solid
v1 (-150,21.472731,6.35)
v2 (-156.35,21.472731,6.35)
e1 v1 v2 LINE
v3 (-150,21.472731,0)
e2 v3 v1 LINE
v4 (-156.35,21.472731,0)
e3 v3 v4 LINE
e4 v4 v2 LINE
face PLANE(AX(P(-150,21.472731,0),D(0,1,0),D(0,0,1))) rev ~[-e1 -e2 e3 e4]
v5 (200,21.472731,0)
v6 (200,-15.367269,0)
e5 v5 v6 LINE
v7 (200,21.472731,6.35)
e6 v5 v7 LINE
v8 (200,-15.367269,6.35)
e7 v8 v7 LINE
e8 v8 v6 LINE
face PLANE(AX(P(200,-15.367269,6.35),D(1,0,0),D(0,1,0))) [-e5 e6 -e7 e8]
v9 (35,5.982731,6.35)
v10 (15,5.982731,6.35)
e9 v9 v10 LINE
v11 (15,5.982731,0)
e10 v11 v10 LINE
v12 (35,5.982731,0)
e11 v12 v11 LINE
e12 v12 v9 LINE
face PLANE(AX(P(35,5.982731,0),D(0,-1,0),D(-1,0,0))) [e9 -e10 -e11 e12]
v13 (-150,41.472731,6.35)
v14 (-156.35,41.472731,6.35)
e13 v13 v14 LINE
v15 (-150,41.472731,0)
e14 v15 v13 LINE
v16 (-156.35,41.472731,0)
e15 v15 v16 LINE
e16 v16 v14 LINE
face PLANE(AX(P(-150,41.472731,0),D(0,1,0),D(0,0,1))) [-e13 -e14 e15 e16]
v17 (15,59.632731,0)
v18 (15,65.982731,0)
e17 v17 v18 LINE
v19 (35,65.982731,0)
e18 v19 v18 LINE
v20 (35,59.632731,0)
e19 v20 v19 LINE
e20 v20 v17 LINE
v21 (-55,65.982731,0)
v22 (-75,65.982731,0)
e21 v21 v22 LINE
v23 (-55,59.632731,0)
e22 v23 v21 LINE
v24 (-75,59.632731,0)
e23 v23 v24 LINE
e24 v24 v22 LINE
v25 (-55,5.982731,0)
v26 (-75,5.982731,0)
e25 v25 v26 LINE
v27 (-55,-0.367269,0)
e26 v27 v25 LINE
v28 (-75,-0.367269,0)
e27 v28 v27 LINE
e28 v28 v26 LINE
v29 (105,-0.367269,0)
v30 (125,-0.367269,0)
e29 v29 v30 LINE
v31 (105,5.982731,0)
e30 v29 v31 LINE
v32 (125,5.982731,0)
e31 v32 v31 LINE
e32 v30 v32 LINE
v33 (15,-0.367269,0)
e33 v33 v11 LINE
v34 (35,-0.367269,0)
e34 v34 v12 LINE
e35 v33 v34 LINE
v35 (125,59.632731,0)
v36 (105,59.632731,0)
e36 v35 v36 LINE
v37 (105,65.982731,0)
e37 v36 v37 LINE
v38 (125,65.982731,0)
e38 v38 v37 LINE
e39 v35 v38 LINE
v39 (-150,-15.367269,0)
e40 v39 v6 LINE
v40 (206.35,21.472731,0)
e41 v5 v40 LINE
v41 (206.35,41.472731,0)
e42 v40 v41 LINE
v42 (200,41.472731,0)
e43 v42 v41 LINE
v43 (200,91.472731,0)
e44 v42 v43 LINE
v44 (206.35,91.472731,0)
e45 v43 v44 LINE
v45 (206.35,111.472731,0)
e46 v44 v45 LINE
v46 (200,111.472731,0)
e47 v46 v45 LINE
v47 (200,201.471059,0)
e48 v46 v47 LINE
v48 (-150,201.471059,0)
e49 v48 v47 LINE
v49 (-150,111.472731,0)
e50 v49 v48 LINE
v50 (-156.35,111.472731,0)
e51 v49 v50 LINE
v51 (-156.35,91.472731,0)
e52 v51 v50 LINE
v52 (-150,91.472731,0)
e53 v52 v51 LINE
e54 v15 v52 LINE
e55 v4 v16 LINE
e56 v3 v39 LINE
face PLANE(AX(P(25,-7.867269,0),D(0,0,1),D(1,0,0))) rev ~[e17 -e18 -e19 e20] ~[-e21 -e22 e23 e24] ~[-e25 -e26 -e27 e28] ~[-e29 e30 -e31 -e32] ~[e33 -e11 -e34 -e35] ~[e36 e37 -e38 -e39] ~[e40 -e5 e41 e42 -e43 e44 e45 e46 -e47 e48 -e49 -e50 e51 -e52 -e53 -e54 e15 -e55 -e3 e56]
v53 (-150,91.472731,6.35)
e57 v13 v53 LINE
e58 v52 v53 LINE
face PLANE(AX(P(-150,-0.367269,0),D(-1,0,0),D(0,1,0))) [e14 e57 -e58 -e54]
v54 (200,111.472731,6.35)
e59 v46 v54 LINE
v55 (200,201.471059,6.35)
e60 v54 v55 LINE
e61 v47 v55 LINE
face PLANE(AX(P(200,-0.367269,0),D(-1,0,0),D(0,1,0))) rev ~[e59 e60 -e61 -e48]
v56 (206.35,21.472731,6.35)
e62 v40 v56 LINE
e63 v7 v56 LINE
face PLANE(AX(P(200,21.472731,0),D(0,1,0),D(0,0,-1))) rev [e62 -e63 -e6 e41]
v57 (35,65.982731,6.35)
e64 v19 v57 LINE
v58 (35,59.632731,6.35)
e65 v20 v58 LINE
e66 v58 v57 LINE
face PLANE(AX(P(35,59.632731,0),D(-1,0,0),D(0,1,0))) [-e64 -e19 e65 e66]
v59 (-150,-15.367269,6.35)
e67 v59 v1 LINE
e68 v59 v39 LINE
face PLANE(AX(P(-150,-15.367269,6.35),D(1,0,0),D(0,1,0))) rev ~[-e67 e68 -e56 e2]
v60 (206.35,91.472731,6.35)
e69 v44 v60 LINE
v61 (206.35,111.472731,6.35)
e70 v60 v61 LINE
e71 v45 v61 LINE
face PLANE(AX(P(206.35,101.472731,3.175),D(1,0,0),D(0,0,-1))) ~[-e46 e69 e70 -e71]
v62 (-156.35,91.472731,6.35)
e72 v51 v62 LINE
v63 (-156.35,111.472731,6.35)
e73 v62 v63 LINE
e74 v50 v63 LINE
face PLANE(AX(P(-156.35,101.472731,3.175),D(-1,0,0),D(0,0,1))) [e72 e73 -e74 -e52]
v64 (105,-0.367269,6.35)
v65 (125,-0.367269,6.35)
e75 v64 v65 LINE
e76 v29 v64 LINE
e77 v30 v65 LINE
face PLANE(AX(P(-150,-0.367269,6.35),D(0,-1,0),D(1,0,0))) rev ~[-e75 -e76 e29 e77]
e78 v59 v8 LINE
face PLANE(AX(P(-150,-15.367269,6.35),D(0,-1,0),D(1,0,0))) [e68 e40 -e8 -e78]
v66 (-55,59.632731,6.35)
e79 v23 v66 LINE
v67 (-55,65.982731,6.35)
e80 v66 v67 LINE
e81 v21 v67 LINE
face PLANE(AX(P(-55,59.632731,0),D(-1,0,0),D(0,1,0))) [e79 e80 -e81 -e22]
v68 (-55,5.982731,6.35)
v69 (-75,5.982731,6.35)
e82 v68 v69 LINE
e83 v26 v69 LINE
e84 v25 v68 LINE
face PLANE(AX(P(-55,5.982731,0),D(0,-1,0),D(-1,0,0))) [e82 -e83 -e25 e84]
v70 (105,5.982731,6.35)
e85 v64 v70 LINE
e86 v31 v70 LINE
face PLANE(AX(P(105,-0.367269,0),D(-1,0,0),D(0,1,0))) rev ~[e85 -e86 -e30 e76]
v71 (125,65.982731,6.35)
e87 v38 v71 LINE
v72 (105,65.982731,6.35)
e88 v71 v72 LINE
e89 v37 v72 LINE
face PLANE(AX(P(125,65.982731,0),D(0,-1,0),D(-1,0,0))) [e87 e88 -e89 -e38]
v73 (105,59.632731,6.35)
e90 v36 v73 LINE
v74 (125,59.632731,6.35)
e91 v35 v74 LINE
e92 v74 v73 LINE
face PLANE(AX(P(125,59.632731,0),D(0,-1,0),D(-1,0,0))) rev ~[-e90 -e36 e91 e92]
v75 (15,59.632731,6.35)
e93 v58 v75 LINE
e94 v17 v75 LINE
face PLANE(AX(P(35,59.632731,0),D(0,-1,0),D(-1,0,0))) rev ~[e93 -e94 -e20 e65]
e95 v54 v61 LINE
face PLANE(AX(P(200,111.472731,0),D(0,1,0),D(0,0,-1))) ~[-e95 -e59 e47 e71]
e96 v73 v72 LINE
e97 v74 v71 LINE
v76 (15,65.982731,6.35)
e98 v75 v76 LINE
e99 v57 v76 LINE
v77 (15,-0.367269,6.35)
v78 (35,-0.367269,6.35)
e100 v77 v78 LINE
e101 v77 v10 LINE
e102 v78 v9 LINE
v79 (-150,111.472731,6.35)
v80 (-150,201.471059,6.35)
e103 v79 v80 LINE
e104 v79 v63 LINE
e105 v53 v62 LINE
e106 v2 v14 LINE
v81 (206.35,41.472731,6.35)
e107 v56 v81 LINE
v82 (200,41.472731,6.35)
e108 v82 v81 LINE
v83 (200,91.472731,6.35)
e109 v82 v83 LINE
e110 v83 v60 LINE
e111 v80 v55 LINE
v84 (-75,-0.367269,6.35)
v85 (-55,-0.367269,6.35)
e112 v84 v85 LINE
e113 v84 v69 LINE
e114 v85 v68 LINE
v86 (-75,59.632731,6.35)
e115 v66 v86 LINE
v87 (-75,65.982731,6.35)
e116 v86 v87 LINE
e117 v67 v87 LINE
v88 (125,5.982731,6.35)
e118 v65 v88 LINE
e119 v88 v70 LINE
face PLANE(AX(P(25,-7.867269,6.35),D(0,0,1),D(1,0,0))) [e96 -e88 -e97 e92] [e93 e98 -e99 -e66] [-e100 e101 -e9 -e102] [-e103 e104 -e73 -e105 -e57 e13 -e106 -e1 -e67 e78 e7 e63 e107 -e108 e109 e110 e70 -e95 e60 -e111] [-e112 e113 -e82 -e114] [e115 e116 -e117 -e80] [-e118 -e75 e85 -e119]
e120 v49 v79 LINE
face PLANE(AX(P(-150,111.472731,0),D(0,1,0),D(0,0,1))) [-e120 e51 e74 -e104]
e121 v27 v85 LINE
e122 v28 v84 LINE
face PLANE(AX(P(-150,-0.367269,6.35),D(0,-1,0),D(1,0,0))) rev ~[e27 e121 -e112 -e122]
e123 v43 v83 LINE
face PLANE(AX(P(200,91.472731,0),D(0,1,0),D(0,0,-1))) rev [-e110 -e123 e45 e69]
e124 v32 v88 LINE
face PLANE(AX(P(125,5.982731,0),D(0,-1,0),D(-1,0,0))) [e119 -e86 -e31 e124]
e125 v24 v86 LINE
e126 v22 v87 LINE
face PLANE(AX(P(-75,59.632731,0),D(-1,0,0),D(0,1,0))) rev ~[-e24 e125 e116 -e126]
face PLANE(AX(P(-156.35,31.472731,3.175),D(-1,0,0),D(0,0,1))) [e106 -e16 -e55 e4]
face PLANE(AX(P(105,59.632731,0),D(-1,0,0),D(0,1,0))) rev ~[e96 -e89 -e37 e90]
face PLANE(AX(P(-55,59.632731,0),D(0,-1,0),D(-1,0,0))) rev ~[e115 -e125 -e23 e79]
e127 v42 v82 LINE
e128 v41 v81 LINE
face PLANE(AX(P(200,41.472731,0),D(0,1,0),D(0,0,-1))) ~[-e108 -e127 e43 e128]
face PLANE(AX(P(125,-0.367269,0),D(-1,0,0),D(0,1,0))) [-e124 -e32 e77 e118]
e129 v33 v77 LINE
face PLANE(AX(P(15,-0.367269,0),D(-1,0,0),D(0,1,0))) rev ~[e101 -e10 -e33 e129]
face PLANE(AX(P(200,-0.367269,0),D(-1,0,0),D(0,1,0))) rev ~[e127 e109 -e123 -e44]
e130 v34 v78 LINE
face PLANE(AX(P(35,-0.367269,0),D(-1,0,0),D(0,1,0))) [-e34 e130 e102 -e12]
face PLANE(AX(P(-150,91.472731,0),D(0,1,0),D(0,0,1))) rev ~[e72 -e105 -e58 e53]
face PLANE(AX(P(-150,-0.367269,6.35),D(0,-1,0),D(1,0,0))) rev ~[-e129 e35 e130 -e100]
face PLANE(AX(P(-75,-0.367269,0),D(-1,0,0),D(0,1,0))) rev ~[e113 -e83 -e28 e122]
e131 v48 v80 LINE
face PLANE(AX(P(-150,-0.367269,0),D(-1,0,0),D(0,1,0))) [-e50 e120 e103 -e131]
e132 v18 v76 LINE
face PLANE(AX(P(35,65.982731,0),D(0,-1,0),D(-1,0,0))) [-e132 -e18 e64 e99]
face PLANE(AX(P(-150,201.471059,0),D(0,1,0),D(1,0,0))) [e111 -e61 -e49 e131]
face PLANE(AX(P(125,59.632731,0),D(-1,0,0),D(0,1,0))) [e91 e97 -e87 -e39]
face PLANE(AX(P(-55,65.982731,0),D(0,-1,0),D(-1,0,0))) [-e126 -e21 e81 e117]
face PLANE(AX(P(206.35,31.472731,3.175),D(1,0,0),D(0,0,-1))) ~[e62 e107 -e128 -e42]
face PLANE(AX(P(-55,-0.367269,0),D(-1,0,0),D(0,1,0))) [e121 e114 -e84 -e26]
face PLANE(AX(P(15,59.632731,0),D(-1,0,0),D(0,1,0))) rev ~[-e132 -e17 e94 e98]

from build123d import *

# Parameters (mm, degrees)
CROQUIS1_W              = 350
CROQUIS1_H              = 201.8383275
SALIENTE_EXTRUIR1_DEPTH = 6.35
CROQUIS2_W              = 6.35
CROQUIS2_H              = 20
SALIENTE_EXTRUIR2_DEPTH = 6.35
CROQUIS3_W              = 20
CROQUIS3_H              = 6.35
CORTAR_EXTRUIR1_DEPTH   = 6.35
CROQUIS4_W              = 350
CROQUIS4_H              = 15
SALIENTE_EXTRUIR3_DEPTH = 6.35


with BuildPart() as part:
    # Croquis1 → Saliente-Extruir1 (new body)
    with BuildSketch(Plane.XY):
        with Locations((25, 100.551894806)):
            Rectangle(CROQUIS1_W, CROQUIS1_H)
    extrude(amount=SALIENTE_EXTRUIR1_DEPTH)

    # Croquis2 → Saliente-Extruir2 (add)
    with BuildSketch(Plane.ZY.offset(150)):
        with Locations((3.175, 31.472731056)):
            Rectangle(CROQUIS2_W, CROQUIS2_H)
        with Locations((3.175, 101.472731056)):
            Rectangle(CROQUIS2_W, CROQUIS2_H)
    saliente_extruir2 = extrude(amount=SALIENTE_EXTRUIR2_DEPTH)

    # Simetría1: Saliente-Extruir2 across plane
    add(saliente_extruir2.mirror(Plane(origin=(25, 0, 0), x_dir=(0, 0, 1), z_dir=(1, 0, 0))))

    # Croquis3 → Cortar-Extruir1 (cut)
    with BuildSketch(Plane(origin=(0, 0, 0), x_dir=(-1, 0, 0), z_dir=(0, 0, -1))):
        with Locations((-25, 2.807731056)):
            Rectangle(CROQUIS3_W, CROQUIS3_H)
        with Locations((65, 2.807731056)):
            Rectangle(CROQUIS3_W, CROQUIS3_H)
        with Locations((-115, 2.807731056)):
            Rectangle(CROQUIS3_W, CROQUIS3_H)
        with Locations((-25, 62.807731056)):
            Rectangle(CROQUIS3_W, CROQUIS3_H)
        with Locations((65, 62.807731056)):
            Rectangle(CROQUIS3_W, CROQUIS3_H)
        with Locations((-115, 62.807731056)):
            Rectangle(CROQUIS3_W, CROQUIS3_H)
    extrude(amount=-CORTAR_EXTRUIR1_DEPTH, mode=Mode.SUBTRACT)

    # Croquis4 → Saliente-Extruir3 (add)
    with BuildSketch(Plane.XY.offset(6.35)):
        with Locations((25, -7.867268944)):
            Rectangle(CROQUIS4_W, CROQUIS4_H)
    extrude(amount=-SALIENTE_EXTRUIR3_DEPTH)


solid = part.part
